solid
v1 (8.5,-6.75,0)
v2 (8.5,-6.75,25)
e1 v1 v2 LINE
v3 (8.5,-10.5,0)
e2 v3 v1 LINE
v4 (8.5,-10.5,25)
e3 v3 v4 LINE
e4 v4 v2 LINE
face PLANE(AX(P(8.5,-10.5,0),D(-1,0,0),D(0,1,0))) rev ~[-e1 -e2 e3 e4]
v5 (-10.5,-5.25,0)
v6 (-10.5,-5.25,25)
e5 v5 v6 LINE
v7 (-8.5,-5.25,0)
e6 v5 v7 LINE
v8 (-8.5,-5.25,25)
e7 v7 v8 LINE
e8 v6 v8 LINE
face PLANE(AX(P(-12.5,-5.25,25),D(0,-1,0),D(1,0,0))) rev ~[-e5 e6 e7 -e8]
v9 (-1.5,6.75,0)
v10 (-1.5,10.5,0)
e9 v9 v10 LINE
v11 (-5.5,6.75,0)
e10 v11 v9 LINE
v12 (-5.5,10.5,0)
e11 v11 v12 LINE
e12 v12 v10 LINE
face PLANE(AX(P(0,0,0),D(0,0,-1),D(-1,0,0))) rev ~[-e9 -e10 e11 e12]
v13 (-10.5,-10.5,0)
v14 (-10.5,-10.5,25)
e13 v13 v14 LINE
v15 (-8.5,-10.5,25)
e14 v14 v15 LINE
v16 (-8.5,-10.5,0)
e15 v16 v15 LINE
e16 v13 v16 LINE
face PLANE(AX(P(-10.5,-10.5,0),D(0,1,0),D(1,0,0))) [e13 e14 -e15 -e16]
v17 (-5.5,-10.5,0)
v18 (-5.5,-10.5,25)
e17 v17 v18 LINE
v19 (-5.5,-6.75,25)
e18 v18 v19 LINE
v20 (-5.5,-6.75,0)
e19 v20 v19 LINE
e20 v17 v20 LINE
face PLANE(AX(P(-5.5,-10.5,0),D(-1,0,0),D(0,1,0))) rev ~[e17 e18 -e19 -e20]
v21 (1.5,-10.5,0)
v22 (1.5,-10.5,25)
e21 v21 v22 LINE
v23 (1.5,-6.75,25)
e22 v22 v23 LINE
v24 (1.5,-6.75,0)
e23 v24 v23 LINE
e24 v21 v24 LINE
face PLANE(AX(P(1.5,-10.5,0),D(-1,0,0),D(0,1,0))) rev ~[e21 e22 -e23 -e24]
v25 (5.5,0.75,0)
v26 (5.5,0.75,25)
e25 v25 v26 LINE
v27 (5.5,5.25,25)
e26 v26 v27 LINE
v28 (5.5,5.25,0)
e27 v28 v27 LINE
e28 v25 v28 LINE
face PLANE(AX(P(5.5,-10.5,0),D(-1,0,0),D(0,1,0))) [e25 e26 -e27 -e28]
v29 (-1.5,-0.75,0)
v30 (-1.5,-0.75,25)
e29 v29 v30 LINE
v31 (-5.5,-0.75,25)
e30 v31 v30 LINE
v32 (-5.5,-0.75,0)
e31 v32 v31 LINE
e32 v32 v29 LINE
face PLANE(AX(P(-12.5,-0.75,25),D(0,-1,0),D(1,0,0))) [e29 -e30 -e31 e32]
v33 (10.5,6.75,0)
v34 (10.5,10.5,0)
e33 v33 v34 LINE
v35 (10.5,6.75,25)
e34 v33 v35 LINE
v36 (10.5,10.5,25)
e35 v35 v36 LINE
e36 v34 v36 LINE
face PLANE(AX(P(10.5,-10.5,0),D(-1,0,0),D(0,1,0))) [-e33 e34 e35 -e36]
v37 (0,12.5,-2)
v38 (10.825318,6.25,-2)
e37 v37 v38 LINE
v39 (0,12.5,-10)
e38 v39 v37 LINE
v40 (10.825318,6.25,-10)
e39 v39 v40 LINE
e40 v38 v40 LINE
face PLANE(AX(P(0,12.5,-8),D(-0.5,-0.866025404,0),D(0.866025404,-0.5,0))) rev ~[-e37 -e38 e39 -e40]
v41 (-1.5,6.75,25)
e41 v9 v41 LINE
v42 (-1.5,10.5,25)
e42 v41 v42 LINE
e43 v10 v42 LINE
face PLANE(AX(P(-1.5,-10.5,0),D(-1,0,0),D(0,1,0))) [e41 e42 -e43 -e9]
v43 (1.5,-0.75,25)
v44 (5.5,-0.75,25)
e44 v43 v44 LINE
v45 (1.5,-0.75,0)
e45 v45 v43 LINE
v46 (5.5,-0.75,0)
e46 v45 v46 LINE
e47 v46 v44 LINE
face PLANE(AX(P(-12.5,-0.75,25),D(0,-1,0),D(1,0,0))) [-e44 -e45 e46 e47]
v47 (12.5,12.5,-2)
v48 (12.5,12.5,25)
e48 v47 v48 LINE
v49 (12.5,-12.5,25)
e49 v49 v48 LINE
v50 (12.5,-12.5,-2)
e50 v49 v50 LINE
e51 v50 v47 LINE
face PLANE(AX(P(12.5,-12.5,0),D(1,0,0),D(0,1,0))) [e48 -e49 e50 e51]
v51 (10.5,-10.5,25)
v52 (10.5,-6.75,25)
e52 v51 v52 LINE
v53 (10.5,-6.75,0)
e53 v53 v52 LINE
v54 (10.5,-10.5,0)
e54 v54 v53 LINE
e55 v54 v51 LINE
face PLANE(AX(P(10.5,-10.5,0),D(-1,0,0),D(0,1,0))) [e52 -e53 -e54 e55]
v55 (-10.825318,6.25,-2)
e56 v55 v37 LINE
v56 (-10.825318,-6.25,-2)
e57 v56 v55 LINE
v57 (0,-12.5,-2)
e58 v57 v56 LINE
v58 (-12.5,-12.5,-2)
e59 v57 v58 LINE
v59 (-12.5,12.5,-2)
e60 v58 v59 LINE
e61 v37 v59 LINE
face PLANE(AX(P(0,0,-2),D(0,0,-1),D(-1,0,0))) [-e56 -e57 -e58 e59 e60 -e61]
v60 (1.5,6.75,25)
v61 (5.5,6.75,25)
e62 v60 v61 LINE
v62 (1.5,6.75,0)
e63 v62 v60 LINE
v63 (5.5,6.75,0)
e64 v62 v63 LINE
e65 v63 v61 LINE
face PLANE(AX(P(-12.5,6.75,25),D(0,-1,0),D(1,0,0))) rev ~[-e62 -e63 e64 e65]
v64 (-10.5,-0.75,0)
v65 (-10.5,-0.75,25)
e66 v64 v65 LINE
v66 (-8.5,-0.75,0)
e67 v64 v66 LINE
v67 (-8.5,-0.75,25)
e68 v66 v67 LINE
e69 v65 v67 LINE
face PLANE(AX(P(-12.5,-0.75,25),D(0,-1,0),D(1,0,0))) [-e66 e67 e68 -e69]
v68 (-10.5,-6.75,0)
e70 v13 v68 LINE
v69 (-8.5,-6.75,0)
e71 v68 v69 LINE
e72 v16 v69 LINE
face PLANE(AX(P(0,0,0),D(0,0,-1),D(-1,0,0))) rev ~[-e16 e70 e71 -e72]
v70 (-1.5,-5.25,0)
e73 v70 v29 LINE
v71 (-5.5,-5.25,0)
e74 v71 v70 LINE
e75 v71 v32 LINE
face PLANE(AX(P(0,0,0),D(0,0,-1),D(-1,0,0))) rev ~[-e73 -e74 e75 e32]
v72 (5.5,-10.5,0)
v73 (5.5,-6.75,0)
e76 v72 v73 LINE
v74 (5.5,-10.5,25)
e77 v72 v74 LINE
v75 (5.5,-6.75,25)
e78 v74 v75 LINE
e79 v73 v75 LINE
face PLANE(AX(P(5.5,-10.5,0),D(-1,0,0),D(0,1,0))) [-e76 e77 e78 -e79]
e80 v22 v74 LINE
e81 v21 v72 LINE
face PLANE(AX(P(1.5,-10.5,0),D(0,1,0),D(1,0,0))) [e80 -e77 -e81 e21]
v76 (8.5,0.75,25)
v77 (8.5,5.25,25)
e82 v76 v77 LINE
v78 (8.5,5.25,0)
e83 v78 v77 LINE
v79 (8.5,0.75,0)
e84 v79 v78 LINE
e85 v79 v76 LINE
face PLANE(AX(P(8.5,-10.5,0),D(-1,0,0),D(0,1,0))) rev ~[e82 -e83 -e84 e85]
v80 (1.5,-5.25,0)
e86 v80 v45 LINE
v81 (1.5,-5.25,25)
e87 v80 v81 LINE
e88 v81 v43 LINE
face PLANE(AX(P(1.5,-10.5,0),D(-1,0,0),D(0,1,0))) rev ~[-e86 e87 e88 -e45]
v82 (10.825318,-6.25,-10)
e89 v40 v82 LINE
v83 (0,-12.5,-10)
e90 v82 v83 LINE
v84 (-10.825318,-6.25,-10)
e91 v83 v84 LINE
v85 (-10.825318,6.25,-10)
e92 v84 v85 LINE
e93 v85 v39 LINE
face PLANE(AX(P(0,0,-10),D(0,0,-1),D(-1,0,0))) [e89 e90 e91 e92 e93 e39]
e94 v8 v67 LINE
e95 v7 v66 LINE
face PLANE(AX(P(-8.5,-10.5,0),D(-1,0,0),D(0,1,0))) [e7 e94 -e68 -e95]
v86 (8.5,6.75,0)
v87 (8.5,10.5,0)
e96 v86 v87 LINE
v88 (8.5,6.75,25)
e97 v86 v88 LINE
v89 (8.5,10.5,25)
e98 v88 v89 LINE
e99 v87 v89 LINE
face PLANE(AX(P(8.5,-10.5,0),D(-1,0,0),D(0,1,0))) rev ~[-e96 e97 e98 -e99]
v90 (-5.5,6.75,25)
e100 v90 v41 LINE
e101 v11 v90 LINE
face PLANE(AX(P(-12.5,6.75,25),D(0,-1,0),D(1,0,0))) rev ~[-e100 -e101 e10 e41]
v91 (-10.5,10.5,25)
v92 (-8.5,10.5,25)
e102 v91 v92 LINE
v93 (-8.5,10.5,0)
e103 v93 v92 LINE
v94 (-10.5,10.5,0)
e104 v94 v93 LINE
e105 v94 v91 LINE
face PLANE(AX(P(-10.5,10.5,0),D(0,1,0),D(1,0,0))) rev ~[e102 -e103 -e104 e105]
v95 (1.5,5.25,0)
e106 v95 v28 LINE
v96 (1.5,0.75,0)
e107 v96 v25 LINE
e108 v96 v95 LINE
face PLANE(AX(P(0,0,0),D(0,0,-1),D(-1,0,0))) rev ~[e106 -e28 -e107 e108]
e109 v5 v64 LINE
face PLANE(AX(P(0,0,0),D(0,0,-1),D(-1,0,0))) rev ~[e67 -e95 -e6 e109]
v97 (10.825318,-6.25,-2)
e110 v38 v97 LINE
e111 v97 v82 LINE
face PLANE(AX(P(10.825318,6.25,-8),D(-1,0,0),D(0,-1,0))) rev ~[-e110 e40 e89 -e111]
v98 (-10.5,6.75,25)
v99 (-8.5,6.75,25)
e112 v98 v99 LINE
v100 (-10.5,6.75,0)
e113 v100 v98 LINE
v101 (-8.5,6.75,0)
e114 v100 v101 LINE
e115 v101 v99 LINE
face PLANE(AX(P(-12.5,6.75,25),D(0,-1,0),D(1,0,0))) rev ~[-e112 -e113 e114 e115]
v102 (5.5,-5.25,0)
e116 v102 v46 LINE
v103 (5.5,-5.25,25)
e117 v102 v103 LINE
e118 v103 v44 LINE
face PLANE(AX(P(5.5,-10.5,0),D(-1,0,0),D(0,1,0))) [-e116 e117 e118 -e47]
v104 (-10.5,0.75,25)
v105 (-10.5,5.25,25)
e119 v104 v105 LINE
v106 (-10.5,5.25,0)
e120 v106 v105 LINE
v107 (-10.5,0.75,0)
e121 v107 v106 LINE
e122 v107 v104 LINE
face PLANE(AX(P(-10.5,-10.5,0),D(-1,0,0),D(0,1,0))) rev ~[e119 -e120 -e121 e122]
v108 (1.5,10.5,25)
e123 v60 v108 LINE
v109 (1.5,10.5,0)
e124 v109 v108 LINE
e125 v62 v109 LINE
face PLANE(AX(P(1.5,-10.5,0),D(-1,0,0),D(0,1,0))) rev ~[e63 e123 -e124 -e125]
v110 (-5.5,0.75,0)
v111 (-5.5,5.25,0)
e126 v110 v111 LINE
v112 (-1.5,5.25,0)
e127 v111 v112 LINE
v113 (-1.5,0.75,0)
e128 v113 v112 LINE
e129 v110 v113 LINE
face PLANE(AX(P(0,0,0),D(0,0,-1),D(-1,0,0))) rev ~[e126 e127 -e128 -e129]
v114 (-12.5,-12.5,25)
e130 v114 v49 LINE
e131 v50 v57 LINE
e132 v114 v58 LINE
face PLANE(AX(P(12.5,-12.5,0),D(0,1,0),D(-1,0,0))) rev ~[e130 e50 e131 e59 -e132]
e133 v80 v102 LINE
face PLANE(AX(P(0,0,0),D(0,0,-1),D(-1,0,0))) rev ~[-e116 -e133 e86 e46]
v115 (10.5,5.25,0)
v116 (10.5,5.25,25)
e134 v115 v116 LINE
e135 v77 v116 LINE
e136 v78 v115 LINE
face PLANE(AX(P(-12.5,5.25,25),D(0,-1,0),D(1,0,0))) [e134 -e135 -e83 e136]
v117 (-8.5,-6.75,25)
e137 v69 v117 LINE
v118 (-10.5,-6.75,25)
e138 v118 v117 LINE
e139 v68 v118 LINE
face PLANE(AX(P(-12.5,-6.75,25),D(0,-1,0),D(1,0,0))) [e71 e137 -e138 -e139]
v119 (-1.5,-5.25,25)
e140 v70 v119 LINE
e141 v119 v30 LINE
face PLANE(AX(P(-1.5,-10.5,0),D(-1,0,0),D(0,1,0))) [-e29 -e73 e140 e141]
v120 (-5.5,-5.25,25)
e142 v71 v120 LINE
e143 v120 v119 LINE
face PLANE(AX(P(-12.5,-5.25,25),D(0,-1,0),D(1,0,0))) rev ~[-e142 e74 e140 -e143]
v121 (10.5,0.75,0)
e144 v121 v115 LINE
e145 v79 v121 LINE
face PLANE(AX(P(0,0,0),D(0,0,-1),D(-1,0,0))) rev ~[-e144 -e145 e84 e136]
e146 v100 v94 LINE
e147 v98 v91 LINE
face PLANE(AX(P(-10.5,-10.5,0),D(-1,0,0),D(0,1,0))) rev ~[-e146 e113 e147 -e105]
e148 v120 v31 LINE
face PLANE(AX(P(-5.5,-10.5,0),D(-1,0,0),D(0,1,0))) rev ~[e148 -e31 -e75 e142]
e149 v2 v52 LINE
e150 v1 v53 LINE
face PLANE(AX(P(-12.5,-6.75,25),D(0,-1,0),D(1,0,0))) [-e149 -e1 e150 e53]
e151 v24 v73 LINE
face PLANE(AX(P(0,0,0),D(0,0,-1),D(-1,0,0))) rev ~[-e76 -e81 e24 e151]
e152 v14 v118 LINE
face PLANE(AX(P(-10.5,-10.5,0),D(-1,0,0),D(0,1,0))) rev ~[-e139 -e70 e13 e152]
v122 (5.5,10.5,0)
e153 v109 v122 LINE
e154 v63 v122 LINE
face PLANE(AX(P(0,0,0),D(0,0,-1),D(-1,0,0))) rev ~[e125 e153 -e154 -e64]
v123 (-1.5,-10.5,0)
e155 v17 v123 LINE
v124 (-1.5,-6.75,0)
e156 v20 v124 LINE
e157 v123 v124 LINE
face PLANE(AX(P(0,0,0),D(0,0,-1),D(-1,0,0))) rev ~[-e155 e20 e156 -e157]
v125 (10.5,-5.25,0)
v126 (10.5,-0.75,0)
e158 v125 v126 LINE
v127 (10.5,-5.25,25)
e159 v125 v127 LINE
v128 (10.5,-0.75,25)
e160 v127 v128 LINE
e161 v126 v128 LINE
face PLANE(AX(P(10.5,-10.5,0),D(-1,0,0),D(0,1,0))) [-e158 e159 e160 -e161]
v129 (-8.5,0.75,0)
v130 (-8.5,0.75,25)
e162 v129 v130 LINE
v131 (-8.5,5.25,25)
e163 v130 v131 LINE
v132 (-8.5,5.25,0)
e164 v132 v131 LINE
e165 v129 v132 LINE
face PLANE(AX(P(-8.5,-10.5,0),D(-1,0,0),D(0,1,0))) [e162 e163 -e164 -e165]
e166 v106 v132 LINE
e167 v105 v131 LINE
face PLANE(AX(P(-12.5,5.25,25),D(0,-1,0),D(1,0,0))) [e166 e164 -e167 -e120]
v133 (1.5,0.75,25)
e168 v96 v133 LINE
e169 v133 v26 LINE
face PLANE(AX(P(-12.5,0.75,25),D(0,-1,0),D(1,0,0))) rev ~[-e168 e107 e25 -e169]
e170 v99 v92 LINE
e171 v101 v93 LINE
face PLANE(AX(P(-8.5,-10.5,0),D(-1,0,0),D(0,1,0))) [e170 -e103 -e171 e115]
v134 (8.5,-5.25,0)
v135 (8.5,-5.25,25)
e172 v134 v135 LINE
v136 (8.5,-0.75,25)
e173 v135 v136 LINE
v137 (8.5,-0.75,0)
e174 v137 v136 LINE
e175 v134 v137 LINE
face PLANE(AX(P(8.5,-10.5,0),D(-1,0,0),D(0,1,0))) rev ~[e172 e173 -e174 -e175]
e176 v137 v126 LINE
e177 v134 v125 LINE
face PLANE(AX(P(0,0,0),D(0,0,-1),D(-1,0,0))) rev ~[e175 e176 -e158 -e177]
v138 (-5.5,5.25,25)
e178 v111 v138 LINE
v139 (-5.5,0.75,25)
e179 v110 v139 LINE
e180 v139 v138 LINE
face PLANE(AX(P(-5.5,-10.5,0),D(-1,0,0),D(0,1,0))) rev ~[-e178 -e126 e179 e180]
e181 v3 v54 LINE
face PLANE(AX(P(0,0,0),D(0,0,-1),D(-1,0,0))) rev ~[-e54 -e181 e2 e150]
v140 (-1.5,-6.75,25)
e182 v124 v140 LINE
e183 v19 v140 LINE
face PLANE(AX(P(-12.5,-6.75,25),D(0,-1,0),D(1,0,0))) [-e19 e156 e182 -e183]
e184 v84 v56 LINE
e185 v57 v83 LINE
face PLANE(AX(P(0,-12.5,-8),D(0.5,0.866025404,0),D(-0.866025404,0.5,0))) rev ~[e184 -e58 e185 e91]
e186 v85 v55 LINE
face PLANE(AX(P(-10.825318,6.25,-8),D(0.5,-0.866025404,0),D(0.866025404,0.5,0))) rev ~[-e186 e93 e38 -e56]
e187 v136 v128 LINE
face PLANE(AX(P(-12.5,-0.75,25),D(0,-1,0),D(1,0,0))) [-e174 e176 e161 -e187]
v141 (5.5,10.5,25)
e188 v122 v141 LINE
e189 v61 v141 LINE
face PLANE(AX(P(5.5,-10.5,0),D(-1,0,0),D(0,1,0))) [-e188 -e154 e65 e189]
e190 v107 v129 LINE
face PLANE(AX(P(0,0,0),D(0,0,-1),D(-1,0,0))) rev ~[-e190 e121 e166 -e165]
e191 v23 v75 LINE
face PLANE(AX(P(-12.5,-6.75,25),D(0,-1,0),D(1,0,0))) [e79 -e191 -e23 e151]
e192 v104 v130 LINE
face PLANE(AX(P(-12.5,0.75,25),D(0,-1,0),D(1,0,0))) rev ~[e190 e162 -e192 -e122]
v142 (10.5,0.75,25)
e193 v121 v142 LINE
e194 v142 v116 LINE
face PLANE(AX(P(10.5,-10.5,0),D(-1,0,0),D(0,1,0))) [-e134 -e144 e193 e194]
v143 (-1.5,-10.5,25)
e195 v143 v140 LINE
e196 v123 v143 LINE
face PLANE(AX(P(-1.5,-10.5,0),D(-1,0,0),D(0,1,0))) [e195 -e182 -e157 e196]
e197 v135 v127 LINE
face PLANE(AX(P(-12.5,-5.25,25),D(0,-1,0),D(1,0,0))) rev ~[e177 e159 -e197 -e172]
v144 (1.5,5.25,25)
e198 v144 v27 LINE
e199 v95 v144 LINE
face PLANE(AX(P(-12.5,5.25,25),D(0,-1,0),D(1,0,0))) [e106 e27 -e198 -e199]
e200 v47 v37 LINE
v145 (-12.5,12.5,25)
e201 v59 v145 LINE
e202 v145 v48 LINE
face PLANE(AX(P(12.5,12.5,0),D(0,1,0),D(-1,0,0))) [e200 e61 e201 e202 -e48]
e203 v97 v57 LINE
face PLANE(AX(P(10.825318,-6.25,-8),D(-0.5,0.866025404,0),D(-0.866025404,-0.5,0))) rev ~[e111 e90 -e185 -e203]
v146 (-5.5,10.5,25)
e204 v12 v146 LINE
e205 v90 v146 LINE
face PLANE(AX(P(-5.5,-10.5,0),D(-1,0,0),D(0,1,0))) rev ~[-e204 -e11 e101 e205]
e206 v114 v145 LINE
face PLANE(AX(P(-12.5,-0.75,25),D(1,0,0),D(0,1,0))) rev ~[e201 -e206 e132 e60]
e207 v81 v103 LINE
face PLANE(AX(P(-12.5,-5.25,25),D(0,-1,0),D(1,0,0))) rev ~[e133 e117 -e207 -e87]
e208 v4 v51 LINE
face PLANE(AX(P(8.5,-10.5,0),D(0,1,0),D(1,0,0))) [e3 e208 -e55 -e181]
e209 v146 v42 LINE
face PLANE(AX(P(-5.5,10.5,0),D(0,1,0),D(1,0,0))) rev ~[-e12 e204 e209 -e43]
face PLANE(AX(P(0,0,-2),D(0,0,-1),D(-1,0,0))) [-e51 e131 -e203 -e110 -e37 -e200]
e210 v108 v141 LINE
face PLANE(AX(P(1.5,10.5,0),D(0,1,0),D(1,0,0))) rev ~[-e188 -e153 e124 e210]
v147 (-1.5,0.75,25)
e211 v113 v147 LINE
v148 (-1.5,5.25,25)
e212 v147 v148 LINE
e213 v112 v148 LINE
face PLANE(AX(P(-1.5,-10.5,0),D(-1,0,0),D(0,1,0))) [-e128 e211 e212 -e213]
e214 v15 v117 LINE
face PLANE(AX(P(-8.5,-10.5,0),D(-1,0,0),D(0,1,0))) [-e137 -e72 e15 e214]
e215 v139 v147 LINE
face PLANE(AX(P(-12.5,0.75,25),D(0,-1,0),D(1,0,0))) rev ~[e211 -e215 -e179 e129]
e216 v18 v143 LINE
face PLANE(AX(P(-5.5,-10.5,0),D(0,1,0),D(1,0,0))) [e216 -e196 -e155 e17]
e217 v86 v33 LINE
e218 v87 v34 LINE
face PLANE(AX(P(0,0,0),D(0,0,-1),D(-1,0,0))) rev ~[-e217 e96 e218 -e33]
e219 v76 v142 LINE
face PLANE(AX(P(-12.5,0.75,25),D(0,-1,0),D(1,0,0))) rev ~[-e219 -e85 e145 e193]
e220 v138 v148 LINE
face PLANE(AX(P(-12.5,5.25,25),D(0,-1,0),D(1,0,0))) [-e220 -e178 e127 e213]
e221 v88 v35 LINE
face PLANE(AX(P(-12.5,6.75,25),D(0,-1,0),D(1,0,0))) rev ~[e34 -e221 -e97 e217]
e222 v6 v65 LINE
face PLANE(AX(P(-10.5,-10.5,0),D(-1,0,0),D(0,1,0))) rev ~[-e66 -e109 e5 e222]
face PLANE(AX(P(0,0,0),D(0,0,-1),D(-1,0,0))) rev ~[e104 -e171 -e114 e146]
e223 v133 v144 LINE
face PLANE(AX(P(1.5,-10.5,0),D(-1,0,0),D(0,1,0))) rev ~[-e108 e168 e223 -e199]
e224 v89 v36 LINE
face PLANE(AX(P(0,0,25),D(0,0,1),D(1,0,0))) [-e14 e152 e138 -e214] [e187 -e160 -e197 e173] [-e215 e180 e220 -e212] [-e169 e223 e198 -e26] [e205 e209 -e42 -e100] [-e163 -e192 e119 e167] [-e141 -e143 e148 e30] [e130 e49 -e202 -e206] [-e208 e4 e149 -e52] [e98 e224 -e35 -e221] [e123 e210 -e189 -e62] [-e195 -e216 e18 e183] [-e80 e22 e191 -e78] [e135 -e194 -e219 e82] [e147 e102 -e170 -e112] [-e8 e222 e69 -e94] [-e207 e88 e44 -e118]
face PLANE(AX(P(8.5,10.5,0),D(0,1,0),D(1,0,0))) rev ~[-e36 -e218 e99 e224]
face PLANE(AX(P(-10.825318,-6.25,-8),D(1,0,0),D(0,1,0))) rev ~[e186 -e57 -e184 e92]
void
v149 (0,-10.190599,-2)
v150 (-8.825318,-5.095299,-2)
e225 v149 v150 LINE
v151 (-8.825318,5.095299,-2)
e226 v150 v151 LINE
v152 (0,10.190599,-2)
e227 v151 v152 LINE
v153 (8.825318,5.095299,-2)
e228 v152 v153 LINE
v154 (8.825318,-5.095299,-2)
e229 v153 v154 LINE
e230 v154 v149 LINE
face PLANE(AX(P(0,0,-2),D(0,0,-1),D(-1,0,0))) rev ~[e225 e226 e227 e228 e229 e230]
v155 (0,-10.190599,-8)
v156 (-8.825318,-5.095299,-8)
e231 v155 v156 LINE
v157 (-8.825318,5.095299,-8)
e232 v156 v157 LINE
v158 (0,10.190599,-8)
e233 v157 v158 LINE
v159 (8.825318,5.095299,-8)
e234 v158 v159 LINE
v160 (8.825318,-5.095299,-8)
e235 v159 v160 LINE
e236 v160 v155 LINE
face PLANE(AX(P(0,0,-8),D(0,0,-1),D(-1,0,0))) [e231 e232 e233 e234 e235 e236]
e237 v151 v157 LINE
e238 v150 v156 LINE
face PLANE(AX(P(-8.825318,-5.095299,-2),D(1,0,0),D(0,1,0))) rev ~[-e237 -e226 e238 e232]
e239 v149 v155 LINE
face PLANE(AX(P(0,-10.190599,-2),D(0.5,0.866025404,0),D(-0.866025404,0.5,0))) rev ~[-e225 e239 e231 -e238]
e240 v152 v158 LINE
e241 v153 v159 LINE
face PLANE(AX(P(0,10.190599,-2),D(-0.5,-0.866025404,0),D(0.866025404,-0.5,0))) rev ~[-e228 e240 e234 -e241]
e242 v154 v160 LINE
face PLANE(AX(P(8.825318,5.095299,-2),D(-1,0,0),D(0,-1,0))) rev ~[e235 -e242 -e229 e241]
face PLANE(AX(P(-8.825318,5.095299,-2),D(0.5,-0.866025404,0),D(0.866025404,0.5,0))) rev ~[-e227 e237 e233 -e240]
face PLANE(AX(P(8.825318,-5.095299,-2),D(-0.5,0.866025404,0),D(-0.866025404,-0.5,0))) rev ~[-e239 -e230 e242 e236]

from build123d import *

# Parameters (mm, degrees)
SKETCH_8_W       = 25
SKETCH_8_H       = 25
SKETCH_8_W_2     = 4
SKETCH_8_H_2     = 21
SKETCH_8_W_3     = 2
EXTRUDE_7_DEPTH  = 25
SKETCH_9_W       = 25
SKETCH_9_H       = 25
EXTRUDE_8_DEPTH  = 2
SKETCH_14_W      = 25
SKETCH_14_H      = 1.5
EXTRUDE_11_DEPTH = 25
EXTRUDE_14_DEPTH = 6
EXTRUDE_16_DEPTH = 2


with BuildPart() as part:
    # 草图8 → 凸台-拉伸7 (new body)
    with BuildSketch(Plane.XY):
        Rectangle(SKETCH_8_W, SKETCH_8_H)
        with Locations((3.5, 0)):
            Rectangle(SKETCH_8_W_2, SKETCH_8_H_2, mode=Mode.SUBTRACT)
        with Locations((-3.5, 0)):
            Rectangle(SKETCH_8_W_2, SKETCH_8_H_2, mode=Mode.SUBTRACT)
        with Locations((-9.5, 0)):
            Rectangle(SKETCH_8_W_3, SKETCH_8_H_2, mode=Mode.SUBTRACT)
        with Locations((9.5, 0)):
            Rectangle(SKETCH_8_W_3, SKETCH_8_H_2, mode=Mode.SUBTRACT)
    extrude(amount=EXTRUDE_7_DEPTH)

    # 草图9 → 凸台-拉伸8 (add)
    with BuildSketch(Plane(origin=(0, 0, 0), x_dir=(-1, 0, 0), z_dir=(0, 0, -1))):
        Rectangle(SKETCH_9_W, SKETCH_9_H)
    extrude(amount=EXTRUDE_8_DEPTH)

    # 草图14 → 凸台-拉伸11 (add)
    with BuildSketch(Plane.XY.offset(25)):
        Rectangle(SKETCH_14_W, SKETCH_14_H)
        with Locations((0, 6)):
            Rectangle(SKETCH_14_W, SKETCH_14_H)
        with Locations((0, -6)):
            Rectangle(SKETCH_14_W, SKETCH_14_H)
    extrude(amount=-EXTRUDE_11_DEPTH)

    # 草图16 → 凸台-拉伸14 (add)
    with BuildSketch(Plane(origin=(0, 0, -2), x_dir=(-1, 0, 0), z_dir=(0, 0, -1))):
        Polygon((0, -12.5), (10.825317547, -6.25), (10.825317547, 6.25), (0, 12.5), (-10.825317547, 6.25), (-10.825317547, -6.25), align=None)
        Polygon((0, -10.190598923), (8.825317547, -5.095299462), (8.825317547, 5.095299462), (0, 10.190598923), (-8.825317547, 5.095299462), (-8.825317547, -5.095299462), align=None, mode=Mode.SUBTRACT)
    extrude(amount=EXTRUDE_14_DEPTH)

    # 草图18 → 凸台-拉伸16 (add)
    with BuildSketch(Plane(origin=(0, 0, -8), x_dir=(-1, 0, 0), z_dir=(0, 0, -1))):
        Polygon((0, 12.5), (-10.825317547, 6.25), (-10.825317547, -6.25), (0, -12.5), (10.825317547, -6.25), (10.825317547, 6.25), align=None)
    extrude(amount=EXTRUDE_16_DEPTH)


solid = part.part
